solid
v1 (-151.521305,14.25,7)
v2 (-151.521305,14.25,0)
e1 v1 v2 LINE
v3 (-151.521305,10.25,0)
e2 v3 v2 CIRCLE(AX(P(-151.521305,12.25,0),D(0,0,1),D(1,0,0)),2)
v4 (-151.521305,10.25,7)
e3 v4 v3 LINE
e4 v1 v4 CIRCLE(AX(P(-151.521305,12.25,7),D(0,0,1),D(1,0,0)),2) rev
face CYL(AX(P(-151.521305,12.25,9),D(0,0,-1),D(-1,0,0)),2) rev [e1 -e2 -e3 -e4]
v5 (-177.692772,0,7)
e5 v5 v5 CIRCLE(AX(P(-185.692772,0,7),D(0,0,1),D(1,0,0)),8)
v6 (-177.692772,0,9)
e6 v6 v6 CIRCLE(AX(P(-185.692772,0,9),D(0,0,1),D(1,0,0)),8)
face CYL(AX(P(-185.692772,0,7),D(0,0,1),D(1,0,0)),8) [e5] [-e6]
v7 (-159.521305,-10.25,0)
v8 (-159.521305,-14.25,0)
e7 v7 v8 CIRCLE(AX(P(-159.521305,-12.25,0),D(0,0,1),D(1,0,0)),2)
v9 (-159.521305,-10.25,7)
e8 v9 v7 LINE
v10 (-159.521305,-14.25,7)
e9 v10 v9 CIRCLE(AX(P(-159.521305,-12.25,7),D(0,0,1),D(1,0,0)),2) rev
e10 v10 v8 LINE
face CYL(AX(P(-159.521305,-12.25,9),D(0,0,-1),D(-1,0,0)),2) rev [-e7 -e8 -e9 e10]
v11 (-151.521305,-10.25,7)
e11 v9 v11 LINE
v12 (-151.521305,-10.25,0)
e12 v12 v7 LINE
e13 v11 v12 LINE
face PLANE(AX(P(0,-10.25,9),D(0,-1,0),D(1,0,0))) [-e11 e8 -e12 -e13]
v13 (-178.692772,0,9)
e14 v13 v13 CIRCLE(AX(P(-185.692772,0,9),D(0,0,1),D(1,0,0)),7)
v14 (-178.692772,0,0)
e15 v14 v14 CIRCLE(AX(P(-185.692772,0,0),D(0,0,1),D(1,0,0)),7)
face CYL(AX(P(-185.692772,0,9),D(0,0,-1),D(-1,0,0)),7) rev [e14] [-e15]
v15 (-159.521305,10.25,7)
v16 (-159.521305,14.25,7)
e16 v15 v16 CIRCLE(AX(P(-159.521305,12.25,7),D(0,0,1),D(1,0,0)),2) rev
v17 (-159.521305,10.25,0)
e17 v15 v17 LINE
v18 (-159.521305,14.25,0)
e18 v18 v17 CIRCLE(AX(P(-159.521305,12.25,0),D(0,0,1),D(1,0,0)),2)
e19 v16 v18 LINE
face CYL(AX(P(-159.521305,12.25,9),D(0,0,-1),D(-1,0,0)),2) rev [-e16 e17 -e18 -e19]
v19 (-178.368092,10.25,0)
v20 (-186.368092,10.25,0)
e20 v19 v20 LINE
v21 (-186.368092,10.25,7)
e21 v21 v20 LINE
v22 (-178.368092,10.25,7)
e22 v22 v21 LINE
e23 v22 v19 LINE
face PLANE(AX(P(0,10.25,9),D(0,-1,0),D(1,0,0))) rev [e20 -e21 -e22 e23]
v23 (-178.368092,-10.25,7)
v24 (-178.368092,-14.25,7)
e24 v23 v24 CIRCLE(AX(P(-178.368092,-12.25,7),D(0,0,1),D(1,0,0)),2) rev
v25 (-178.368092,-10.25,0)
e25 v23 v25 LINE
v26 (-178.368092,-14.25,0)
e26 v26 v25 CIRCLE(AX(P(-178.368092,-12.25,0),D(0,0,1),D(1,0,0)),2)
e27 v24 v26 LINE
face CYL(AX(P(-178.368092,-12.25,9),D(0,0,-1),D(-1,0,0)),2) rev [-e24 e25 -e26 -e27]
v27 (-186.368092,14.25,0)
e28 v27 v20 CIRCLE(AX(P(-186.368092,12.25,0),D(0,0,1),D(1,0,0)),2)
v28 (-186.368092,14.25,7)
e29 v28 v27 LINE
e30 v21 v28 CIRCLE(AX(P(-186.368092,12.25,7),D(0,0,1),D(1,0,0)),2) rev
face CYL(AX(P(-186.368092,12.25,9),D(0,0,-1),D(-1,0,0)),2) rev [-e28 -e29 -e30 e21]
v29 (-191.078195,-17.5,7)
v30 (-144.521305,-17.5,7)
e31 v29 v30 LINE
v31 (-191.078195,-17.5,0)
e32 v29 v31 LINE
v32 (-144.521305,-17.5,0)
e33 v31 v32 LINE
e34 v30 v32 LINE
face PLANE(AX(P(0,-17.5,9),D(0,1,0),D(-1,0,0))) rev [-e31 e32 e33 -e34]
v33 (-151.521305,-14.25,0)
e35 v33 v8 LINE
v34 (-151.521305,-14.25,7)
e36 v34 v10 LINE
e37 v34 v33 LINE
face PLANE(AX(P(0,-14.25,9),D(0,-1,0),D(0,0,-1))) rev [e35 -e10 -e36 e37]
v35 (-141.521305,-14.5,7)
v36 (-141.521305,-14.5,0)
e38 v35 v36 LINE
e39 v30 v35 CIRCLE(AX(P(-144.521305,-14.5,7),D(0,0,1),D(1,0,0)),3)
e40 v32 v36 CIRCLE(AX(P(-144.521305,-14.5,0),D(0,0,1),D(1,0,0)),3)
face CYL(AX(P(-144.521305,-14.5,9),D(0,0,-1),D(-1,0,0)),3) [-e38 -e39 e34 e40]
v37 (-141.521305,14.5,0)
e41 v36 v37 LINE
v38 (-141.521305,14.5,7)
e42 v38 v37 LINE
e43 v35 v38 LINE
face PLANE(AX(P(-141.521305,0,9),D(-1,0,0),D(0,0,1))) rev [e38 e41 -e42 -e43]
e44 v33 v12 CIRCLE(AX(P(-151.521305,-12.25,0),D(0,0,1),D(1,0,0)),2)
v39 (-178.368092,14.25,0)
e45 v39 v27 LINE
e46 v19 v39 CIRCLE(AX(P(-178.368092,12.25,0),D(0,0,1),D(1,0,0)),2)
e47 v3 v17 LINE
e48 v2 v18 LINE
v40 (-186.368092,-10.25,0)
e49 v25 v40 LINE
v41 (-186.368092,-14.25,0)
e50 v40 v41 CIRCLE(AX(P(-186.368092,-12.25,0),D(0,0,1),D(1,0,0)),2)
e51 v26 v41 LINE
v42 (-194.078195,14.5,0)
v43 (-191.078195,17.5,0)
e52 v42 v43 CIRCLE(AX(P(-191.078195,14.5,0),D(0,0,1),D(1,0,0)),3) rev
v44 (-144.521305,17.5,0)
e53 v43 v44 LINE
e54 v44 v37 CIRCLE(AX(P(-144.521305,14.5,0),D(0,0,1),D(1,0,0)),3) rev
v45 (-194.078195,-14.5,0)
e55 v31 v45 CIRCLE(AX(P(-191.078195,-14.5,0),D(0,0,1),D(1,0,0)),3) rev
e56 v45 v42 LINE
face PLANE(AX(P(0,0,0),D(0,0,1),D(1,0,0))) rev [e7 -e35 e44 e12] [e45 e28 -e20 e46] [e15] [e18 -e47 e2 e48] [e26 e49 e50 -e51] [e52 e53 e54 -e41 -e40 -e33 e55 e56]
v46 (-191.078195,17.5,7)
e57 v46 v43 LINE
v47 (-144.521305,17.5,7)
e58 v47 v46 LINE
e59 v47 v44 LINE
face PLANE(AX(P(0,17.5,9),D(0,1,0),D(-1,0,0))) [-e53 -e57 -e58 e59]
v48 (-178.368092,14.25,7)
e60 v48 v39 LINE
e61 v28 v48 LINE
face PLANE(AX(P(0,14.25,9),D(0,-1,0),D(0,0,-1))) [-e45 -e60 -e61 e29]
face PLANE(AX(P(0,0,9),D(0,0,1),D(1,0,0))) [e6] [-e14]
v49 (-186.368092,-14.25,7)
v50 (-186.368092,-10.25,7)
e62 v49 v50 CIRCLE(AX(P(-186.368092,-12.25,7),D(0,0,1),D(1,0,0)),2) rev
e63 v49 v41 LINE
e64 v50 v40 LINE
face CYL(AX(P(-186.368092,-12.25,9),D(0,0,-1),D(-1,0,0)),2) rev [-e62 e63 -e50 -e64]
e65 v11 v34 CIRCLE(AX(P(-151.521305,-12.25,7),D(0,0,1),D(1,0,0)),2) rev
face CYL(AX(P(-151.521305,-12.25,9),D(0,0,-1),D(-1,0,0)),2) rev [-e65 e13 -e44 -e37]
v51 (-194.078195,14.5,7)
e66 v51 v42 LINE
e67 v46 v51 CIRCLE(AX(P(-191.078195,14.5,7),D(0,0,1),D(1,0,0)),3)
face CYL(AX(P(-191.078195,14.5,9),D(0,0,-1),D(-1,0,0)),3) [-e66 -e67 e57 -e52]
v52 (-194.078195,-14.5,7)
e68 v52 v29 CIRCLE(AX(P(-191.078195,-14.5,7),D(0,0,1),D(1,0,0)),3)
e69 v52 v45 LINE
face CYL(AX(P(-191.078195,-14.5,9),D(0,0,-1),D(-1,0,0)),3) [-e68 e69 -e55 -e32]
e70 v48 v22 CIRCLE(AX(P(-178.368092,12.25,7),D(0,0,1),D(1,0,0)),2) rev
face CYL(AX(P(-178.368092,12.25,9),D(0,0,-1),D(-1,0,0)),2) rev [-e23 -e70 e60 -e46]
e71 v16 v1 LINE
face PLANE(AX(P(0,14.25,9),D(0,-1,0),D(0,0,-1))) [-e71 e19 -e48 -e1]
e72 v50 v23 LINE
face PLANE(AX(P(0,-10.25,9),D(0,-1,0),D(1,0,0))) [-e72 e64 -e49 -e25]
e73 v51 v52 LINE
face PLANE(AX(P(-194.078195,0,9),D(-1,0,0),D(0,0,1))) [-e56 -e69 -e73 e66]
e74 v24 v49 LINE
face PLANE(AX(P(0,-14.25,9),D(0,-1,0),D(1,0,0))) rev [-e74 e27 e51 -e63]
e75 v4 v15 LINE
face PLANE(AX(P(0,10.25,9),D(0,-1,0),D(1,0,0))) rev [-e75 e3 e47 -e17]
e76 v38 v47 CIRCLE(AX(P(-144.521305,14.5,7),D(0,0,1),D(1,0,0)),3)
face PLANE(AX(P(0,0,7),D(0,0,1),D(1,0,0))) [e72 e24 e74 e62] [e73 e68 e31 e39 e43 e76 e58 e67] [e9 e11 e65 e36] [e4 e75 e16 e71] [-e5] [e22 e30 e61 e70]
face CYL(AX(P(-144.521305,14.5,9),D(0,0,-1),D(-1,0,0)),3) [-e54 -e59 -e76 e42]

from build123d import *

# Parameters (mm, degrees)
SKETCH1_R           = 7
BOSS_EXTRUDE1_DEPTH = 9
CUT_EXTRUDE1_START  = -2
SKETCH2_R           = 8
CUT_EXTRUDE1_DEPTH  = 2


with BuildPart() as part:
    # Sketch1 → Boss-Extrude1 (new body)
    with BuildSketch(Plane.XY):
        with BuildLine():
            Line((-191.078194945, -17.5), (-144.521304841, -17.5))
            ThreePointArc((-144.521304841, -17.5), (-142.399984498, -16.621320344), (-141.521304841, -14.5))
            Line((-141.521304841, -14.5), (-141.521304841, 14.5))
            ThreePointArc((-141.521304841, 14.5), (-142.399984498, 16.621320344), (-144.521304841, 17.5))
            Line((-144.521304841, 17.5), (-191.078194945, 17.5))
            ThreePointArc((-191.078194945, 17.5), (-193.199515288, 16.621320344), (-194.078194945, 14.5))
            Line((-194.078194945, 14.5), (-194.078194945, -14.5))
            ThreePointArc((-194.078194945, -14.5), (-193.199515288, -16.621320344), (-191.078194945, -17.5))
        make_face()
        with Locations((-185.692771804, 0)):
            Circle(SKETCH1_R, mode=Mode.SUBTRACT)
        with BuildLine():
            Line((-178.368092358, 10.25), (-186.368092358, 10.25))
            ThreePointArc((-186.368092358, 10.25), (-188.368092358, 12.25), (-186.368092358, 14.25))
            Line((-186.368092358, 14.25), (-178.368092358, 14.25))
            ThreePointArc((-178.368092358, 14.25), (-176.368092358, 12.25), (-178.368092358, 10.25))
        make_face(mode=Mode.SUBTRACT)
        with BuildLine():
            Line((-151.521304841, -14.25), (-159.521304841, -14.25))
            ThreePointArc((-159.521304841, -14.25), (-161.521304841, -12.25), (-159.521304841, -10.25))
            Line((-159.521304841, -10.25), (-151.521304841, -10.25))
            ThreePointArc((-151.521304841, -10.25), (-149.521304841, -12.25), (-151.521304841, -14.25))
        make_face(mode=Mode.SUBTRACT)
        with BuildLine():
            Line((-151.521304841, 10.25), (-159.521304841, 10.25))
            ThreePointArc((-159.521304841, 10.25), (-161.521304841, 12.25), (-159.521304841, 14.25))
            Line((-159.521304841, 14.25), (-151.521304841, 14.25))
            ThreePointArc((-151.521304841, 14.25), (-149.521304841, 12.25), (-151.521304841, 10.25))
        make_face(mode=Mode.SUBTRACT)
        with BuildLine():
            Line((-178.368092358, -14.25), (-186.368092358, -14.25))
            ThreePointArc((-186.368092358, -14.25), (-188.368092358, -12.25), (-186.368092358, -10.25))
            Line((-186.368092358, -10.25), (-178.368092358, -10.25))
            ThreePointArc((-178.368092358, -10.25), (-176.368092358, -12.25), (-178.368092358, -14.25))
        make_face(mode=Mode.SUBTRACT)
    extrude(amount=BOSS_EXTRUDE1_DEPTH)

    # Sketch2 → Cut-Extrude1 (cut)
    with BuildSketch(Plane.XY.offset(9).offset(CUT_EXTRUDE1_START)):
        with BuildLine():
            Line((-194.078194945, 14.5), (-194.078194945, -14.5))
            ThreePointArc((-194.078194945, -14.5), (-193.199515288, -16.621320344), (-191.078194945, -17.5))
            Line((-191.078194945, -17.5), (-144.521304841, -17.5))
            ThreePointArc((-144.521304841, -17.5), (-142.399984498, -16.621320344), (-141.521304841, -14.5))
            Line((-141.521304841, -14.5), (-141.521304841, 14.5))
            ThreePointArc((-141.521304841, 14.5), (-142.399984498, 16.621320344), (-144.521304841, 17.5))
            Line((-144.521304841, 17.5), (-191.078194945, 17.5))
            ThreePointArc((-191.078194945, 17.5), (-193.199515288, 16.621320344), (-194.078194945, 14.5))
        make_face()
        with Locations((-185.692771804, 0)):
            Circle(SKETCH2_R, mode=Mode.SUBTRACT)
        with BuildLine():
            ThreePointArc((-186.368092358, -14.25), (-188.368092358, -12.25), (-186.368092358, -10.25))
            Line((-186.368092358, -10.25), (-178.368092358, -10.25))
            ThreePointArc((-178.368092358, -10.25), (-176.368092358, -12.25), (-178.368092358, -14.25))
            Line((-178.368092358, -14.25), (-186.368092358, -14.25))
        make_face(mode=Mode.SUBTRACT)
        with BuildLine():
            Line((-151.521304841, -14.25), (-159.521304841, -14.25))
            ThreePointArc((-159.521304841, -14.25), (-161.521304841, -12.25), (-159.521304841, -10.25))
            Line((-159.521304841, -10.25), (-151.521304841, -10.25))
            ThreePointArc((-151.521304841, -10.25), (-149.521304841, -12.25), (-151.521304841, -14.25))
        make_face(mode=Mode.SUBTRACT)
        with BuildLine():
            ThreePointArc((-159.521304841, 10.25), (-161.521304841, 12.25), (-159.521304841, 14.25))
            Line((-159.521304841, 14.25), (-151.521304841, 14.25))
            ThreePointArc((-151.521304841, 14.25), (-149.521304841, 12.25), (-151.521304841, 10.25))
            Line((-151.521304841, 10.25), (-159.521304841, 10.25))
        make_face(mode=Mode.SUBTRACT)
        with BuildLine():
            Line((-186.368092358, 14.25), (-178.368092358, 14.25))
            ThreePointArc((-178.368092358, 14.25), (-176.368092358, 12.25), (-178.368092358, 10.25))
            Line((-178.368092358, 10.25), (-186.368092358, 10.25))
            ThreePointArc((-186.368092358, 10.25), (-188.368092358, 12.25), (-186.368092358, 14.25))
        make_face(mode=Mode.SUBTRACT)
    extrude(amount=CUT_EXTRUDE1_DEPTH, mode=Mode.SUBTRACT)


solid = part.part
